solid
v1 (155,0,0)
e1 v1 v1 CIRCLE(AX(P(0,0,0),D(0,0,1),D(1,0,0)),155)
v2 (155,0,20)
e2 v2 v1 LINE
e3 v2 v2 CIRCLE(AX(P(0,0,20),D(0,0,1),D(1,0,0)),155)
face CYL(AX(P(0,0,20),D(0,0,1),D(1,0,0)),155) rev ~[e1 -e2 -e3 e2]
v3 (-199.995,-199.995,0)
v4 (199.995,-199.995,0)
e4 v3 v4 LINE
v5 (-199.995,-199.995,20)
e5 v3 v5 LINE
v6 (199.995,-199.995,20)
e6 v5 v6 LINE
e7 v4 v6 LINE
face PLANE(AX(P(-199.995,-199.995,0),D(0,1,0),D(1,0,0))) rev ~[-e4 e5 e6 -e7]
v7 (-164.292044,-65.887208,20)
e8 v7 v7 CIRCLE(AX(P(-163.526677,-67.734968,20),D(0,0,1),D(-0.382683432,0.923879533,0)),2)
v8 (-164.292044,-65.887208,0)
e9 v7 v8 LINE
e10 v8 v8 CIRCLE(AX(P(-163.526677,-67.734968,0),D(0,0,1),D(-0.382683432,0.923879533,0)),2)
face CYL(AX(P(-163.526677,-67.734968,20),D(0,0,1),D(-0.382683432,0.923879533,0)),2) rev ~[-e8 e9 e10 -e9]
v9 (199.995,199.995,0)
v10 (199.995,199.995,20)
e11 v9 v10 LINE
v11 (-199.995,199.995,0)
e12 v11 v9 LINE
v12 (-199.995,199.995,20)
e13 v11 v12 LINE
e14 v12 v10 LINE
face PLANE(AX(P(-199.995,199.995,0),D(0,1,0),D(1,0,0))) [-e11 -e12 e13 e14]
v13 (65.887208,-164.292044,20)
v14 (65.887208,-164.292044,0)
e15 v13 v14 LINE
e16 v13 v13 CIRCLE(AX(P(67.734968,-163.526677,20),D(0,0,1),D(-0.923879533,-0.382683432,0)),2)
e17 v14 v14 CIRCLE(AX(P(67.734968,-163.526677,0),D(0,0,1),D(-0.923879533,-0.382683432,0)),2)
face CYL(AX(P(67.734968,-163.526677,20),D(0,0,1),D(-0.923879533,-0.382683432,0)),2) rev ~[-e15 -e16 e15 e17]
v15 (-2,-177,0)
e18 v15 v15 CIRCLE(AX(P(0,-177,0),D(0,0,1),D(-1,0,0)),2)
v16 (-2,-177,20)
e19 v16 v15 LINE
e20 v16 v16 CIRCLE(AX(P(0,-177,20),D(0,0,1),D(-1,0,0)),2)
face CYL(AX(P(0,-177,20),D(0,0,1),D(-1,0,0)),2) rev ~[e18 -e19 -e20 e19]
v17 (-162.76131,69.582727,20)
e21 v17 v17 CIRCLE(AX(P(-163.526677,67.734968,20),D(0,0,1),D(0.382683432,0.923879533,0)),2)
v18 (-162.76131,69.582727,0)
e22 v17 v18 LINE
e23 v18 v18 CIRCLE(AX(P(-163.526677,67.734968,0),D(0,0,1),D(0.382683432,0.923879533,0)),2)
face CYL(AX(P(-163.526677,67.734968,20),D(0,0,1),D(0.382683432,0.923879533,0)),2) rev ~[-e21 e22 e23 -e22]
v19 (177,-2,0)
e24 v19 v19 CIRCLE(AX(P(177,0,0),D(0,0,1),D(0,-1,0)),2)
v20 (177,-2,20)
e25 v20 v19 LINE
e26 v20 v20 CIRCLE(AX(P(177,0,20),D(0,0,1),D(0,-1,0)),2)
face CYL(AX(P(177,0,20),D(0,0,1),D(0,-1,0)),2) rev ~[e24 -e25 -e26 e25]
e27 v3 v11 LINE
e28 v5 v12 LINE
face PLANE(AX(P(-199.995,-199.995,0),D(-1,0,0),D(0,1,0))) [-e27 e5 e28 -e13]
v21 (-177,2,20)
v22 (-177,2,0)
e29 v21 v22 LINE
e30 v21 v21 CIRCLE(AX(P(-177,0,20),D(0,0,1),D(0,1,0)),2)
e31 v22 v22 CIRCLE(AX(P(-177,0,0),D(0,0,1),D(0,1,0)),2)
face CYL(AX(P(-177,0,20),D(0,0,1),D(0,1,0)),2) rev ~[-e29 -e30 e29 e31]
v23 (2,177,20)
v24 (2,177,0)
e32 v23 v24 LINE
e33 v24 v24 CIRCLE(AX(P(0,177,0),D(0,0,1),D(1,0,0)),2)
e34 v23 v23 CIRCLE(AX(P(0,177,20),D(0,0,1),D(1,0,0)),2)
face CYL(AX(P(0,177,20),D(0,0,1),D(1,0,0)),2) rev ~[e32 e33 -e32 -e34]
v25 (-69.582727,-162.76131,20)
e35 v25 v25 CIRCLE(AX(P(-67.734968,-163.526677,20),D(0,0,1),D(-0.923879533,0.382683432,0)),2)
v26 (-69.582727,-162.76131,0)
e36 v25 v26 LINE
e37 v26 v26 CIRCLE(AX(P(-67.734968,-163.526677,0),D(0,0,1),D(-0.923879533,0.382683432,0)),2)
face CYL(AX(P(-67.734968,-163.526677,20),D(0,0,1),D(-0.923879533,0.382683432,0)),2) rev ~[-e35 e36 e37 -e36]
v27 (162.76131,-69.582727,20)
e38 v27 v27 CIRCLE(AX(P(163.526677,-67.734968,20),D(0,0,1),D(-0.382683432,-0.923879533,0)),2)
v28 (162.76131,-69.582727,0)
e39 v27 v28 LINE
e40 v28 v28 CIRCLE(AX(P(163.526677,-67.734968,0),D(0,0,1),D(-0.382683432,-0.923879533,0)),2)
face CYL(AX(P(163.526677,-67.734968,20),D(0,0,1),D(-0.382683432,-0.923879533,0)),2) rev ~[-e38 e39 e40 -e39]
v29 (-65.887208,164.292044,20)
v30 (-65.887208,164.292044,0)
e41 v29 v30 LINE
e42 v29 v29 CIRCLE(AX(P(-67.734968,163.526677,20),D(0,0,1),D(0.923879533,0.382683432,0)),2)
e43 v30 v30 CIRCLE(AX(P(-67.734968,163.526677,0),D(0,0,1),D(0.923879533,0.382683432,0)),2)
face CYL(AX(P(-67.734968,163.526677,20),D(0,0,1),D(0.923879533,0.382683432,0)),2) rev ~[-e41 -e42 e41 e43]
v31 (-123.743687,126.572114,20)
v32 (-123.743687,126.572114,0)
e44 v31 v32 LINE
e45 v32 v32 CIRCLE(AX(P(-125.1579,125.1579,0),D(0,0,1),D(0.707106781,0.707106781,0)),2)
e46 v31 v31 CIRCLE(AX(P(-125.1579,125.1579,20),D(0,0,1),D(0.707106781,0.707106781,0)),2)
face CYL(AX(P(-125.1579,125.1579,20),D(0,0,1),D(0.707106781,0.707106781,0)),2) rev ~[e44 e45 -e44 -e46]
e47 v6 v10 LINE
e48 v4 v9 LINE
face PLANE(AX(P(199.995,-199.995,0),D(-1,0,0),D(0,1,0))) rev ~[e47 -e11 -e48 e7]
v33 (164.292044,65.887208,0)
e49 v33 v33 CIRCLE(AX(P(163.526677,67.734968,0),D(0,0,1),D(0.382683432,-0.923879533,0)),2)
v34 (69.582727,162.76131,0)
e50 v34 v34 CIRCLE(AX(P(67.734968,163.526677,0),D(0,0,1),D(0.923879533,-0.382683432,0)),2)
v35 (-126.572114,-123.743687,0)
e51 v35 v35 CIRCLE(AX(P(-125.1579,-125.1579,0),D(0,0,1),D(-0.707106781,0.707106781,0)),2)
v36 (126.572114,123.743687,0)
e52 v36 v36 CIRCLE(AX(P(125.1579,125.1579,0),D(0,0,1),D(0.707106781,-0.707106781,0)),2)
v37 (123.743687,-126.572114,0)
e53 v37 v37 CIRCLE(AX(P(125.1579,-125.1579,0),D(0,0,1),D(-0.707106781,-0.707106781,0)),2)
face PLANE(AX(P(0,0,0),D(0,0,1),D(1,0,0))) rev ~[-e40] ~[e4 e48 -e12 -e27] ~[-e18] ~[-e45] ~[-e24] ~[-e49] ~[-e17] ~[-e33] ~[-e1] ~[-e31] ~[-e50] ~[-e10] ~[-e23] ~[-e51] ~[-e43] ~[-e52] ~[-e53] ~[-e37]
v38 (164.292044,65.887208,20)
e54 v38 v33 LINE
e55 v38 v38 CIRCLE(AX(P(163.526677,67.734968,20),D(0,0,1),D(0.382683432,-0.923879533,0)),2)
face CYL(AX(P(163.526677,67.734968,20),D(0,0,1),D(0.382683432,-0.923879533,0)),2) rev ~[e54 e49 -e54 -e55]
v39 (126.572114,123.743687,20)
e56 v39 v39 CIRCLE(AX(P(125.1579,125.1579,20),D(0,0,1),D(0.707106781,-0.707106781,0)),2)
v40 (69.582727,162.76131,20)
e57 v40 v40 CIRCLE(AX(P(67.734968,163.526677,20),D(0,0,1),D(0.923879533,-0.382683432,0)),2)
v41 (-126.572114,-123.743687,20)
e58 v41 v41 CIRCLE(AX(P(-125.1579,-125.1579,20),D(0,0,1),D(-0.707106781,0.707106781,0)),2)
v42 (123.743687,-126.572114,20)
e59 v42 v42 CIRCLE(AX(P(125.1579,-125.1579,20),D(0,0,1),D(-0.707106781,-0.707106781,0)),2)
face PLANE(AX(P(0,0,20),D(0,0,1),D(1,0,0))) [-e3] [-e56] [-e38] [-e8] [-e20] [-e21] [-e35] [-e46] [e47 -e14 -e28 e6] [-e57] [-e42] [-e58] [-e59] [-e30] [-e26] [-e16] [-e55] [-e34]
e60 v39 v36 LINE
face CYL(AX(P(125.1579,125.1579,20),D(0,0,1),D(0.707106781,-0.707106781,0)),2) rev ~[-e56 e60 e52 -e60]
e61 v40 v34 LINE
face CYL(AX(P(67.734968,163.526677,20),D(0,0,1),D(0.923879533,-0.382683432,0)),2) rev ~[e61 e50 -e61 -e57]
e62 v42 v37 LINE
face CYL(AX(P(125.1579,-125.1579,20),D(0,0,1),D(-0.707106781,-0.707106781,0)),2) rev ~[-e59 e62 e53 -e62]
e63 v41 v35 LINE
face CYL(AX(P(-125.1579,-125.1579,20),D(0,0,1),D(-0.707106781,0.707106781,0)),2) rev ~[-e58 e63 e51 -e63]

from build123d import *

# Parameters (mm, degrees)
SKETCH_W           = 399.99
SKETCH_H           = 399.99
PAD_DEPTH          = 20
SKETCH001_R        = 155
POCKET_DEPTH       = 20.001
SKETCH002_R        = 2
POCKET001_DEPTH    = 1152.050469
POLARPATTERN_COUNT = 16


with BuildPart() as part:
    # Sketch → Pad (new body)
    with BuildSketch(Plane.XY):
        Rectangle(SKETCH_W, SKETCH_H)
    extrude(amount=PAD_DEPTH)

    # Sketch001 (on Face6 of Pad) → Pocket (cut, through all)
    with BuildSketch(Plane.XY.offset(20)):
        Circle(SKETCH001_R)
    extrude(amount=-POCKET_DEPTH, mode=Mode.SUBTRACT)

    # Sketch002 (on Face5 of Pocket) → Pocket001 (cut, through all)
    with BuildSketch(Plane.XY.offset(20)):
        with Locations((0, 177)):
            Circle(SKETCH002_R)
    pocket001 = extrude(amount=-POCKET001_DEPTH, mode=Mode.SUBTRACT)

    # PolarPattern: Pocket001 ×16 about axis
    polarpattern_axis = Axis((0, 0, 20), (0, 0, 1))
    for i in range(1, POLARPATTERN_COUNT):
        add(pocket001.rotate(polarpattern_axis, i * 360 / POLARPATTERN_COUNT), mode=Mode.SUBTRACT)


solid = part.part
